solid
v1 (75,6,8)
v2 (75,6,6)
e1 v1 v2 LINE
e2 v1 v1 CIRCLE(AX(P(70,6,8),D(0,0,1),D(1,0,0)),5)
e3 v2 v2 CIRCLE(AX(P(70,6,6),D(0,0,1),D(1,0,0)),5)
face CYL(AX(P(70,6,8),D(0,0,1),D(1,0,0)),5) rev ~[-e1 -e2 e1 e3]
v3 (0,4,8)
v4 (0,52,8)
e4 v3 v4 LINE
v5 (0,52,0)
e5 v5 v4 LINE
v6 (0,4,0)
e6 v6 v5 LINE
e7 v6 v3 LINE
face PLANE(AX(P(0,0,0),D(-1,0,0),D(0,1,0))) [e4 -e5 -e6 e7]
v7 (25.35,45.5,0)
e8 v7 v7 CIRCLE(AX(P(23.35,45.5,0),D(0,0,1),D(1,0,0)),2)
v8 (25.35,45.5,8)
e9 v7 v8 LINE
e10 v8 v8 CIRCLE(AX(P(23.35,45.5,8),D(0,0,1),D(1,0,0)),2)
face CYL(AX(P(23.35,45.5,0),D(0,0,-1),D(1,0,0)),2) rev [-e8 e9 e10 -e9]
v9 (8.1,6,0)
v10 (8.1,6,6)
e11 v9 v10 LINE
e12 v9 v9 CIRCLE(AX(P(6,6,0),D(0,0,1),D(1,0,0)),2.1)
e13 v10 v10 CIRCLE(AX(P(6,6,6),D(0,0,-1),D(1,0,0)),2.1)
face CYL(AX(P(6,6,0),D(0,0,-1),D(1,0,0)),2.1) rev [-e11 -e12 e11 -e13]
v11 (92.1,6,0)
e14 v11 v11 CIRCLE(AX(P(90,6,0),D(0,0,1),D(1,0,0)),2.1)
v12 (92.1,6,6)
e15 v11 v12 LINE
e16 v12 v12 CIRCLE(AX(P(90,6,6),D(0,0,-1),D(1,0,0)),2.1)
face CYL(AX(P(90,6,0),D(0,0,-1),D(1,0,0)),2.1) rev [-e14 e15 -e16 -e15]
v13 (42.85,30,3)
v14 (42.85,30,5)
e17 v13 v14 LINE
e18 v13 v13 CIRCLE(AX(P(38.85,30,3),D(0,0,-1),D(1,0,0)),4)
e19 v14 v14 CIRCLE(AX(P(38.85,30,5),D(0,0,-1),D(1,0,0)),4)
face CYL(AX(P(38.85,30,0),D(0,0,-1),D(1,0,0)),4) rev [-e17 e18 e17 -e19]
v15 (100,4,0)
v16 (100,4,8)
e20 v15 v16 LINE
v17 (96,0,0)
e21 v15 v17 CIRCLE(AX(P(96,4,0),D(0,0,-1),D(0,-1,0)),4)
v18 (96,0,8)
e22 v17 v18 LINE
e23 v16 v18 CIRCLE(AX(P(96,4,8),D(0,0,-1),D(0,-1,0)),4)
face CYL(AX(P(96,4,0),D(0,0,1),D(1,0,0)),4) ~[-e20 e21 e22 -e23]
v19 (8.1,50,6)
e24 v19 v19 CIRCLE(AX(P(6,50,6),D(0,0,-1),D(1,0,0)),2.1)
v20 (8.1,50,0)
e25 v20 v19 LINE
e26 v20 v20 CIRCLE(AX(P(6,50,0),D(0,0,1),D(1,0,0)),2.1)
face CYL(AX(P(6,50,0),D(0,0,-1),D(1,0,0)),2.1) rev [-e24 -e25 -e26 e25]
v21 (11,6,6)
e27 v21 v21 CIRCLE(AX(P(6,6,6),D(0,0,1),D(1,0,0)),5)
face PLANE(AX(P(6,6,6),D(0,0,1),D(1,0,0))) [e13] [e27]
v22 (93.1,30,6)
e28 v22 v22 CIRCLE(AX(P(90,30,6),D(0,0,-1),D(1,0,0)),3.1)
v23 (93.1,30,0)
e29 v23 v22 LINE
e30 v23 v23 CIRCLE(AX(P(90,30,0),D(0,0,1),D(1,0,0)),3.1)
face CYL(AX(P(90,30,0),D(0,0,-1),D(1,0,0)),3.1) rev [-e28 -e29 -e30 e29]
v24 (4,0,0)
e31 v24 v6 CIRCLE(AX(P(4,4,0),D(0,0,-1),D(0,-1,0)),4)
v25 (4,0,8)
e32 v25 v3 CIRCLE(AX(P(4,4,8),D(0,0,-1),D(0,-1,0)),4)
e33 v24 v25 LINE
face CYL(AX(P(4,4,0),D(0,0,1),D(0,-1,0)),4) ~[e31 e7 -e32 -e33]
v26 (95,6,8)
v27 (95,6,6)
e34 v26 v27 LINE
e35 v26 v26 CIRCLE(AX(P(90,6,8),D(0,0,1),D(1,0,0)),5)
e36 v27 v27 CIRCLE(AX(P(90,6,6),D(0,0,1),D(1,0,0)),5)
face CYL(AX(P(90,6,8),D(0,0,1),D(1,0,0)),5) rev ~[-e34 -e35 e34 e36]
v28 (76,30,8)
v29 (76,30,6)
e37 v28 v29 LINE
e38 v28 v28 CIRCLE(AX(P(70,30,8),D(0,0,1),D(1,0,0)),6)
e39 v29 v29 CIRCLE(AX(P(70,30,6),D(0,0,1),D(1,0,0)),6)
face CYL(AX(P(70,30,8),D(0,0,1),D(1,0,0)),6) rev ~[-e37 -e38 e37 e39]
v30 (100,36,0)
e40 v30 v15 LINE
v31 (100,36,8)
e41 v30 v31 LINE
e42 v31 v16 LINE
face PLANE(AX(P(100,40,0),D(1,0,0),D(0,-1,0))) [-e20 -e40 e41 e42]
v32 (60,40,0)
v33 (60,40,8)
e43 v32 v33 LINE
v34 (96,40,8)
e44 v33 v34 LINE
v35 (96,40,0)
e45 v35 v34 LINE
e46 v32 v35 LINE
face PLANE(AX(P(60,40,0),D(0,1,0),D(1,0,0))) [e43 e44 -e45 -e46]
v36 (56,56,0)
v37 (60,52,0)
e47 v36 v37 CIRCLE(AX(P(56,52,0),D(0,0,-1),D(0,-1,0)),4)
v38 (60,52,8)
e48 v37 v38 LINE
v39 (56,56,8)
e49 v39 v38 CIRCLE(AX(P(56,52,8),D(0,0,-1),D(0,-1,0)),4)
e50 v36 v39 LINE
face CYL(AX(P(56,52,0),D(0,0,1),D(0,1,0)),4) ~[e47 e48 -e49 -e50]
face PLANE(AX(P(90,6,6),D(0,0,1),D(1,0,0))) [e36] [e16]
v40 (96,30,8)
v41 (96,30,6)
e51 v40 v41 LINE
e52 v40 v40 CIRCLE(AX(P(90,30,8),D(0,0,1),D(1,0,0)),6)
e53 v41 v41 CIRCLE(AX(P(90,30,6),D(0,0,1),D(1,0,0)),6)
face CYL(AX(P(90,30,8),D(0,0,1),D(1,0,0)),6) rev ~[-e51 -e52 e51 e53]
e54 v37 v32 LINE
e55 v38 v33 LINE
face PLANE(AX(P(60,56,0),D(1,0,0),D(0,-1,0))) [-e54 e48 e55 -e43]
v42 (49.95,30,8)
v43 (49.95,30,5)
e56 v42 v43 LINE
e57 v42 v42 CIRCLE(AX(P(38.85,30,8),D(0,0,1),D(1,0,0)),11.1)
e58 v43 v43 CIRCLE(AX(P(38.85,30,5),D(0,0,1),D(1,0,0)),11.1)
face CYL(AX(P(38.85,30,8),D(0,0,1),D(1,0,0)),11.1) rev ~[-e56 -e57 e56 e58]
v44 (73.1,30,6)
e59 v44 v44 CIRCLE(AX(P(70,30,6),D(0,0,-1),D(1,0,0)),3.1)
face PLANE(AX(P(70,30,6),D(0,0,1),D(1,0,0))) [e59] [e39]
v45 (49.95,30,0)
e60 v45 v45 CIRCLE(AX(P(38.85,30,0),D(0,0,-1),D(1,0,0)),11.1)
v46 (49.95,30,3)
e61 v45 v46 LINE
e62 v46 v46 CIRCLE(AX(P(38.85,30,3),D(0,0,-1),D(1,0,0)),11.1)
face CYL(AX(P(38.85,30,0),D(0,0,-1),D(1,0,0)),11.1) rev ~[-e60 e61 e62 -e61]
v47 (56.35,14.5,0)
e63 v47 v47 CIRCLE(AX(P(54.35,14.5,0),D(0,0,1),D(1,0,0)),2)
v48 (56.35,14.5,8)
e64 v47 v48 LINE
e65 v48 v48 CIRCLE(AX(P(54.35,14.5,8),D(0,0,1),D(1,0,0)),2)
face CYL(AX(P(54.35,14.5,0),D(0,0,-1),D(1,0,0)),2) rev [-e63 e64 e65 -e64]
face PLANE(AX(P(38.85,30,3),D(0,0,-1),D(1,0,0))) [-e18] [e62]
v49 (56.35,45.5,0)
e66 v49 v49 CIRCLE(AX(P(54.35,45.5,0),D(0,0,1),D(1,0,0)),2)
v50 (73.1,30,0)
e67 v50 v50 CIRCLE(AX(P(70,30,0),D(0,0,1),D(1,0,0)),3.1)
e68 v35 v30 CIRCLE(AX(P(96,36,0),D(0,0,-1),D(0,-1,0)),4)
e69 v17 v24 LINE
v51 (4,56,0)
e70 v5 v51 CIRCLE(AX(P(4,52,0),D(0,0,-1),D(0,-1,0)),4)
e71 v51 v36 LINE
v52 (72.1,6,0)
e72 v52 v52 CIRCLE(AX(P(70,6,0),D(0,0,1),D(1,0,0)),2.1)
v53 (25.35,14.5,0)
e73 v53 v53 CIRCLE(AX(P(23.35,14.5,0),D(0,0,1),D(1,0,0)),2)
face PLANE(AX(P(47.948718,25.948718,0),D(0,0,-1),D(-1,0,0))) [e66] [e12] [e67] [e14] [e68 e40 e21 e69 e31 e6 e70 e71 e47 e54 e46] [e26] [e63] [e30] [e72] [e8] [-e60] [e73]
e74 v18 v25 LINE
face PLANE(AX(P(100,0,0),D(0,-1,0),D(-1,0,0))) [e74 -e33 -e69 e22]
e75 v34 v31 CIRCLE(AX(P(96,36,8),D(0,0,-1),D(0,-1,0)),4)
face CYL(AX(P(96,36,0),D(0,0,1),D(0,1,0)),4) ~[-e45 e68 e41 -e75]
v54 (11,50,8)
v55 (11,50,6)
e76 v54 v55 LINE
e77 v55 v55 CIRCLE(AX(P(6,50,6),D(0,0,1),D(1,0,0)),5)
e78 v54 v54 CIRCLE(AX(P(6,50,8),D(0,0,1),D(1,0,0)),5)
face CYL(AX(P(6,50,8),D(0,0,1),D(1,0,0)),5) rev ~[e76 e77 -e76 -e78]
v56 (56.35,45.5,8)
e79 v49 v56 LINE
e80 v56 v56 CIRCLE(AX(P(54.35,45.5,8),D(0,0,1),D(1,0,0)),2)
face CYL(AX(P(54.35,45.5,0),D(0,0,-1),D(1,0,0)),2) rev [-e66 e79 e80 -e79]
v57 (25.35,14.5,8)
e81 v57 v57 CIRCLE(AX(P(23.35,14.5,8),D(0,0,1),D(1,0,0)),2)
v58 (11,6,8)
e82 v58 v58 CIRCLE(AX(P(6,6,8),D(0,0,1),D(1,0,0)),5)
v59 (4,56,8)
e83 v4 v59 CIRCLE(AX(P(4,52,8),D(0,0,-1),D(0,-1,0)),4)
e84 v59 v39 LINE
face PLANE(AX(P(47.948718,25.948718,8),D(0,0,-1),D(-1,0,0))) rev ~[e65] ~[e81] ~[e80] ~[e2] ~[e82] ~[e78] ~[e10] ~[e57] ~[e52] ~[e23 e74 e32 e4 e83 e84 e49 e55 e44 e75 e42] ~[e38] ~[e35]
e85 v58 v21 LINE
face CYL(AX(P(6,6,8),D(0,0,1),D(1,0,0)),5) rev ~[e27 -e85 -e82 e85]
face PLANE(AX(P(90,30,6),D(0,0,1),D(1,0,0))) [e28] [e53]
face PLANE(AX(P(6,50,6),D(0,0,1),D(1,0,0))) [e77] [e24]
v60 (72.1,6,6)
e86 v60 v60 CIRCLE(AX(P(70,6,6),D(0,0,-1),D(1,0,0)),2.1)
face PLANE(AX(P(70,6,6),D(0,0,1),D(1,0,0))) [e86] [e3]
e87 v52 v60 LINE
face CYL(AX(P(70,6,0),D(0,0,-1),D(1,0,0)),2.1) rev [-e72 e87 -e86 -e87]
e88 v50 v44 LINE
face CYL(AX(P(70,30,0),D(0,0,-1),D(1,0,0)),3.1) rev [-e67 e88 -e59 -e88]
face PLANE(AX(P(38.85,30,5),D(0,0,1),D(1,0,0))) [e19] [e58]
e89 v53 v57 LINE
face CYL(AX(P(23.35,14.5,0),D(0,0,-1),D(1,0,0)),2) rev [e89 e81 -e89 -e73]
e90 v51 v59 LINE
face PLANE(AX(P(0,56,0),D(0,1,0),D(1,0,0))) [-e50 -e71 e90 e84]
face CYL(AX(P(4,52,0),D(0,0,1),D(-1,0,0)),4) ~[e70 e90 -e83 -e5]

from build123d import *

# Parameters (mm, degrees)
SKETCH_R        = 3.1
SKETCH_R_2      = 4
SKETCH_R_3      = 2
SKETCH_R_4      = 2.1
PAD_DEPTH       = 8
SKETCH001_R     = 11.1
POCKET_DEPTH    = 3
SKETCH002_R     = 5
SKETCH002_R_2   = 6
POCKET001_DEPTH = 2
SKETCH003_R     = 11.1
POCKET002_DEPTH = 3
FILLET_R        = 4
FILLET001_R     = 4
FILLET002_R     = 4
FILLET003_R     = 4
FILLET004_R     = 4


with BuildPart() as part:
    # Sketch → Pad (new body)
    with BuildSketch(Plane.XY):
        Polygon((0, 0), (0, 56), (60, 56), (60, 40), (100, 40), (100, 0), align=None)
        with Locations((90, 30)):
            Circle(SKETCH_R, mode=Mode.SUBTRACT)
        with Locations((70, 30)):
            Circle(SKETCH_R, mode=Mode.SUBTRACT)
        with Locations((38.85, 30)):
            Circle(SKETCH_R_2, mode=Mode.SUBTRACT)
        with Locations((23.35, 45.5)):
            Circle(SKETCH_R_3, mode=Mode.SUBTRACT)
        with Locations((23.35, 14.5)):
            Circle(SKETCH_R_3, mode=Mode.SUBTRACT)
        with Locations((54.35, 14.5)):
            Circle(SKETCH_R_3, mode=Mode.SUBTRACT)
        with Locations((54.35, 45.5)):
            Circle(SKETCH_R_3, mode=Mode.SUBTRACT)
        with Locations((6, 6)):
            Circle(SKETCH_R_4, mode=Mode.SUBTRACT)
        with Locations((6, 50)):
            Circle(SKETCH_R_4, mode=Mode.SUBTRACT)
        with Locations((90, 6)):
            Circle(SKETCH_R_4, mode=Mode.SUBTRACT)
        with Locations((70, 6)):
            Circle(SKETCH_R_4, mode=Mode.SUBTRACT)
    extrude(amount=PAD_DEPTH)

    # Sketch001 → Pocket (cut)
    with BuildSketch(Plane.XY.offset(8)):
        with Locations((38.85, 30)):
            Circle(SKETCH001_R)
    extrude(amount=-POCKET_DEPTH, mode=Mode.SUBTRACT)

    # Sketch002 → Pocket001 (cut)
    with BuildSketch(Plane.XY.offset(8)):
        with Locations((6, 50)):
            Circle(SKETCH002_R)
        with Locations((6, 6)):
            Circle(SKETCH002_R)
        with Locations((70, 6)):
            Circle(SKETCH002_R)
        with Locations((90, 6)):
            Circle(SKETCH002_R)
        with Locations((70, 30)):
            Circle(SKETCH002_R_2)
        with Locations((90, 30)):
            Circle(SKETCH002_R_2)
    extrude(amount=-POCKET001_DEPTH, mode=Mode.SUBTRACT)

    # Sketch003 → Pocket002 (cut)
    with BuildSketch(Plane(origin=(0, 0, 0), x_dir=(1, 0, 0), z_dir=(0, 0, -1))):
        with Locations((38.85, -30)):
            Circle(SKETCH003_R)
    extrude(amount=-POCKET002_DEPTH, mode=Mode.SUBTRACT)

    # Fillet
    fillet_edges = [part.edges().sort_by_distance(p)[0] for p in [
        (0, 56, 4),
    ]]
    fillet(fillet_edges, radius=FILLET_R)

    # Fillet001
    fillet001_edges = [part.edges().sort_by_distance(p)[0] for p in [
        (60, 56, 4),
    ]]
    fillet(fillet001_edges, radius=FILLET001_R)

    # Fillet002
    fillet002_edges = [part.edges().sort_by_distance(p)[0] for p in [
        (100, 40, 4),
    ]]
    fillet(fillet002_edges, radius=FILLET002_R)

    # Fillet003
    fillet003_edges = [part.edges().sort_by_distance(p)[0] for p in [
        (100, 0, 4),
    ]]
    fillet(fillet003_edges, radius=FILLET003_R)

    # Fillet004
    fillet004_edges = [part.edges().sort_by_distance(p)[0] for p in [
        (0, 0, 4),
    ]]
    fillet(fillet004_edges, radius=FILLET004_R)


solid = part.part
